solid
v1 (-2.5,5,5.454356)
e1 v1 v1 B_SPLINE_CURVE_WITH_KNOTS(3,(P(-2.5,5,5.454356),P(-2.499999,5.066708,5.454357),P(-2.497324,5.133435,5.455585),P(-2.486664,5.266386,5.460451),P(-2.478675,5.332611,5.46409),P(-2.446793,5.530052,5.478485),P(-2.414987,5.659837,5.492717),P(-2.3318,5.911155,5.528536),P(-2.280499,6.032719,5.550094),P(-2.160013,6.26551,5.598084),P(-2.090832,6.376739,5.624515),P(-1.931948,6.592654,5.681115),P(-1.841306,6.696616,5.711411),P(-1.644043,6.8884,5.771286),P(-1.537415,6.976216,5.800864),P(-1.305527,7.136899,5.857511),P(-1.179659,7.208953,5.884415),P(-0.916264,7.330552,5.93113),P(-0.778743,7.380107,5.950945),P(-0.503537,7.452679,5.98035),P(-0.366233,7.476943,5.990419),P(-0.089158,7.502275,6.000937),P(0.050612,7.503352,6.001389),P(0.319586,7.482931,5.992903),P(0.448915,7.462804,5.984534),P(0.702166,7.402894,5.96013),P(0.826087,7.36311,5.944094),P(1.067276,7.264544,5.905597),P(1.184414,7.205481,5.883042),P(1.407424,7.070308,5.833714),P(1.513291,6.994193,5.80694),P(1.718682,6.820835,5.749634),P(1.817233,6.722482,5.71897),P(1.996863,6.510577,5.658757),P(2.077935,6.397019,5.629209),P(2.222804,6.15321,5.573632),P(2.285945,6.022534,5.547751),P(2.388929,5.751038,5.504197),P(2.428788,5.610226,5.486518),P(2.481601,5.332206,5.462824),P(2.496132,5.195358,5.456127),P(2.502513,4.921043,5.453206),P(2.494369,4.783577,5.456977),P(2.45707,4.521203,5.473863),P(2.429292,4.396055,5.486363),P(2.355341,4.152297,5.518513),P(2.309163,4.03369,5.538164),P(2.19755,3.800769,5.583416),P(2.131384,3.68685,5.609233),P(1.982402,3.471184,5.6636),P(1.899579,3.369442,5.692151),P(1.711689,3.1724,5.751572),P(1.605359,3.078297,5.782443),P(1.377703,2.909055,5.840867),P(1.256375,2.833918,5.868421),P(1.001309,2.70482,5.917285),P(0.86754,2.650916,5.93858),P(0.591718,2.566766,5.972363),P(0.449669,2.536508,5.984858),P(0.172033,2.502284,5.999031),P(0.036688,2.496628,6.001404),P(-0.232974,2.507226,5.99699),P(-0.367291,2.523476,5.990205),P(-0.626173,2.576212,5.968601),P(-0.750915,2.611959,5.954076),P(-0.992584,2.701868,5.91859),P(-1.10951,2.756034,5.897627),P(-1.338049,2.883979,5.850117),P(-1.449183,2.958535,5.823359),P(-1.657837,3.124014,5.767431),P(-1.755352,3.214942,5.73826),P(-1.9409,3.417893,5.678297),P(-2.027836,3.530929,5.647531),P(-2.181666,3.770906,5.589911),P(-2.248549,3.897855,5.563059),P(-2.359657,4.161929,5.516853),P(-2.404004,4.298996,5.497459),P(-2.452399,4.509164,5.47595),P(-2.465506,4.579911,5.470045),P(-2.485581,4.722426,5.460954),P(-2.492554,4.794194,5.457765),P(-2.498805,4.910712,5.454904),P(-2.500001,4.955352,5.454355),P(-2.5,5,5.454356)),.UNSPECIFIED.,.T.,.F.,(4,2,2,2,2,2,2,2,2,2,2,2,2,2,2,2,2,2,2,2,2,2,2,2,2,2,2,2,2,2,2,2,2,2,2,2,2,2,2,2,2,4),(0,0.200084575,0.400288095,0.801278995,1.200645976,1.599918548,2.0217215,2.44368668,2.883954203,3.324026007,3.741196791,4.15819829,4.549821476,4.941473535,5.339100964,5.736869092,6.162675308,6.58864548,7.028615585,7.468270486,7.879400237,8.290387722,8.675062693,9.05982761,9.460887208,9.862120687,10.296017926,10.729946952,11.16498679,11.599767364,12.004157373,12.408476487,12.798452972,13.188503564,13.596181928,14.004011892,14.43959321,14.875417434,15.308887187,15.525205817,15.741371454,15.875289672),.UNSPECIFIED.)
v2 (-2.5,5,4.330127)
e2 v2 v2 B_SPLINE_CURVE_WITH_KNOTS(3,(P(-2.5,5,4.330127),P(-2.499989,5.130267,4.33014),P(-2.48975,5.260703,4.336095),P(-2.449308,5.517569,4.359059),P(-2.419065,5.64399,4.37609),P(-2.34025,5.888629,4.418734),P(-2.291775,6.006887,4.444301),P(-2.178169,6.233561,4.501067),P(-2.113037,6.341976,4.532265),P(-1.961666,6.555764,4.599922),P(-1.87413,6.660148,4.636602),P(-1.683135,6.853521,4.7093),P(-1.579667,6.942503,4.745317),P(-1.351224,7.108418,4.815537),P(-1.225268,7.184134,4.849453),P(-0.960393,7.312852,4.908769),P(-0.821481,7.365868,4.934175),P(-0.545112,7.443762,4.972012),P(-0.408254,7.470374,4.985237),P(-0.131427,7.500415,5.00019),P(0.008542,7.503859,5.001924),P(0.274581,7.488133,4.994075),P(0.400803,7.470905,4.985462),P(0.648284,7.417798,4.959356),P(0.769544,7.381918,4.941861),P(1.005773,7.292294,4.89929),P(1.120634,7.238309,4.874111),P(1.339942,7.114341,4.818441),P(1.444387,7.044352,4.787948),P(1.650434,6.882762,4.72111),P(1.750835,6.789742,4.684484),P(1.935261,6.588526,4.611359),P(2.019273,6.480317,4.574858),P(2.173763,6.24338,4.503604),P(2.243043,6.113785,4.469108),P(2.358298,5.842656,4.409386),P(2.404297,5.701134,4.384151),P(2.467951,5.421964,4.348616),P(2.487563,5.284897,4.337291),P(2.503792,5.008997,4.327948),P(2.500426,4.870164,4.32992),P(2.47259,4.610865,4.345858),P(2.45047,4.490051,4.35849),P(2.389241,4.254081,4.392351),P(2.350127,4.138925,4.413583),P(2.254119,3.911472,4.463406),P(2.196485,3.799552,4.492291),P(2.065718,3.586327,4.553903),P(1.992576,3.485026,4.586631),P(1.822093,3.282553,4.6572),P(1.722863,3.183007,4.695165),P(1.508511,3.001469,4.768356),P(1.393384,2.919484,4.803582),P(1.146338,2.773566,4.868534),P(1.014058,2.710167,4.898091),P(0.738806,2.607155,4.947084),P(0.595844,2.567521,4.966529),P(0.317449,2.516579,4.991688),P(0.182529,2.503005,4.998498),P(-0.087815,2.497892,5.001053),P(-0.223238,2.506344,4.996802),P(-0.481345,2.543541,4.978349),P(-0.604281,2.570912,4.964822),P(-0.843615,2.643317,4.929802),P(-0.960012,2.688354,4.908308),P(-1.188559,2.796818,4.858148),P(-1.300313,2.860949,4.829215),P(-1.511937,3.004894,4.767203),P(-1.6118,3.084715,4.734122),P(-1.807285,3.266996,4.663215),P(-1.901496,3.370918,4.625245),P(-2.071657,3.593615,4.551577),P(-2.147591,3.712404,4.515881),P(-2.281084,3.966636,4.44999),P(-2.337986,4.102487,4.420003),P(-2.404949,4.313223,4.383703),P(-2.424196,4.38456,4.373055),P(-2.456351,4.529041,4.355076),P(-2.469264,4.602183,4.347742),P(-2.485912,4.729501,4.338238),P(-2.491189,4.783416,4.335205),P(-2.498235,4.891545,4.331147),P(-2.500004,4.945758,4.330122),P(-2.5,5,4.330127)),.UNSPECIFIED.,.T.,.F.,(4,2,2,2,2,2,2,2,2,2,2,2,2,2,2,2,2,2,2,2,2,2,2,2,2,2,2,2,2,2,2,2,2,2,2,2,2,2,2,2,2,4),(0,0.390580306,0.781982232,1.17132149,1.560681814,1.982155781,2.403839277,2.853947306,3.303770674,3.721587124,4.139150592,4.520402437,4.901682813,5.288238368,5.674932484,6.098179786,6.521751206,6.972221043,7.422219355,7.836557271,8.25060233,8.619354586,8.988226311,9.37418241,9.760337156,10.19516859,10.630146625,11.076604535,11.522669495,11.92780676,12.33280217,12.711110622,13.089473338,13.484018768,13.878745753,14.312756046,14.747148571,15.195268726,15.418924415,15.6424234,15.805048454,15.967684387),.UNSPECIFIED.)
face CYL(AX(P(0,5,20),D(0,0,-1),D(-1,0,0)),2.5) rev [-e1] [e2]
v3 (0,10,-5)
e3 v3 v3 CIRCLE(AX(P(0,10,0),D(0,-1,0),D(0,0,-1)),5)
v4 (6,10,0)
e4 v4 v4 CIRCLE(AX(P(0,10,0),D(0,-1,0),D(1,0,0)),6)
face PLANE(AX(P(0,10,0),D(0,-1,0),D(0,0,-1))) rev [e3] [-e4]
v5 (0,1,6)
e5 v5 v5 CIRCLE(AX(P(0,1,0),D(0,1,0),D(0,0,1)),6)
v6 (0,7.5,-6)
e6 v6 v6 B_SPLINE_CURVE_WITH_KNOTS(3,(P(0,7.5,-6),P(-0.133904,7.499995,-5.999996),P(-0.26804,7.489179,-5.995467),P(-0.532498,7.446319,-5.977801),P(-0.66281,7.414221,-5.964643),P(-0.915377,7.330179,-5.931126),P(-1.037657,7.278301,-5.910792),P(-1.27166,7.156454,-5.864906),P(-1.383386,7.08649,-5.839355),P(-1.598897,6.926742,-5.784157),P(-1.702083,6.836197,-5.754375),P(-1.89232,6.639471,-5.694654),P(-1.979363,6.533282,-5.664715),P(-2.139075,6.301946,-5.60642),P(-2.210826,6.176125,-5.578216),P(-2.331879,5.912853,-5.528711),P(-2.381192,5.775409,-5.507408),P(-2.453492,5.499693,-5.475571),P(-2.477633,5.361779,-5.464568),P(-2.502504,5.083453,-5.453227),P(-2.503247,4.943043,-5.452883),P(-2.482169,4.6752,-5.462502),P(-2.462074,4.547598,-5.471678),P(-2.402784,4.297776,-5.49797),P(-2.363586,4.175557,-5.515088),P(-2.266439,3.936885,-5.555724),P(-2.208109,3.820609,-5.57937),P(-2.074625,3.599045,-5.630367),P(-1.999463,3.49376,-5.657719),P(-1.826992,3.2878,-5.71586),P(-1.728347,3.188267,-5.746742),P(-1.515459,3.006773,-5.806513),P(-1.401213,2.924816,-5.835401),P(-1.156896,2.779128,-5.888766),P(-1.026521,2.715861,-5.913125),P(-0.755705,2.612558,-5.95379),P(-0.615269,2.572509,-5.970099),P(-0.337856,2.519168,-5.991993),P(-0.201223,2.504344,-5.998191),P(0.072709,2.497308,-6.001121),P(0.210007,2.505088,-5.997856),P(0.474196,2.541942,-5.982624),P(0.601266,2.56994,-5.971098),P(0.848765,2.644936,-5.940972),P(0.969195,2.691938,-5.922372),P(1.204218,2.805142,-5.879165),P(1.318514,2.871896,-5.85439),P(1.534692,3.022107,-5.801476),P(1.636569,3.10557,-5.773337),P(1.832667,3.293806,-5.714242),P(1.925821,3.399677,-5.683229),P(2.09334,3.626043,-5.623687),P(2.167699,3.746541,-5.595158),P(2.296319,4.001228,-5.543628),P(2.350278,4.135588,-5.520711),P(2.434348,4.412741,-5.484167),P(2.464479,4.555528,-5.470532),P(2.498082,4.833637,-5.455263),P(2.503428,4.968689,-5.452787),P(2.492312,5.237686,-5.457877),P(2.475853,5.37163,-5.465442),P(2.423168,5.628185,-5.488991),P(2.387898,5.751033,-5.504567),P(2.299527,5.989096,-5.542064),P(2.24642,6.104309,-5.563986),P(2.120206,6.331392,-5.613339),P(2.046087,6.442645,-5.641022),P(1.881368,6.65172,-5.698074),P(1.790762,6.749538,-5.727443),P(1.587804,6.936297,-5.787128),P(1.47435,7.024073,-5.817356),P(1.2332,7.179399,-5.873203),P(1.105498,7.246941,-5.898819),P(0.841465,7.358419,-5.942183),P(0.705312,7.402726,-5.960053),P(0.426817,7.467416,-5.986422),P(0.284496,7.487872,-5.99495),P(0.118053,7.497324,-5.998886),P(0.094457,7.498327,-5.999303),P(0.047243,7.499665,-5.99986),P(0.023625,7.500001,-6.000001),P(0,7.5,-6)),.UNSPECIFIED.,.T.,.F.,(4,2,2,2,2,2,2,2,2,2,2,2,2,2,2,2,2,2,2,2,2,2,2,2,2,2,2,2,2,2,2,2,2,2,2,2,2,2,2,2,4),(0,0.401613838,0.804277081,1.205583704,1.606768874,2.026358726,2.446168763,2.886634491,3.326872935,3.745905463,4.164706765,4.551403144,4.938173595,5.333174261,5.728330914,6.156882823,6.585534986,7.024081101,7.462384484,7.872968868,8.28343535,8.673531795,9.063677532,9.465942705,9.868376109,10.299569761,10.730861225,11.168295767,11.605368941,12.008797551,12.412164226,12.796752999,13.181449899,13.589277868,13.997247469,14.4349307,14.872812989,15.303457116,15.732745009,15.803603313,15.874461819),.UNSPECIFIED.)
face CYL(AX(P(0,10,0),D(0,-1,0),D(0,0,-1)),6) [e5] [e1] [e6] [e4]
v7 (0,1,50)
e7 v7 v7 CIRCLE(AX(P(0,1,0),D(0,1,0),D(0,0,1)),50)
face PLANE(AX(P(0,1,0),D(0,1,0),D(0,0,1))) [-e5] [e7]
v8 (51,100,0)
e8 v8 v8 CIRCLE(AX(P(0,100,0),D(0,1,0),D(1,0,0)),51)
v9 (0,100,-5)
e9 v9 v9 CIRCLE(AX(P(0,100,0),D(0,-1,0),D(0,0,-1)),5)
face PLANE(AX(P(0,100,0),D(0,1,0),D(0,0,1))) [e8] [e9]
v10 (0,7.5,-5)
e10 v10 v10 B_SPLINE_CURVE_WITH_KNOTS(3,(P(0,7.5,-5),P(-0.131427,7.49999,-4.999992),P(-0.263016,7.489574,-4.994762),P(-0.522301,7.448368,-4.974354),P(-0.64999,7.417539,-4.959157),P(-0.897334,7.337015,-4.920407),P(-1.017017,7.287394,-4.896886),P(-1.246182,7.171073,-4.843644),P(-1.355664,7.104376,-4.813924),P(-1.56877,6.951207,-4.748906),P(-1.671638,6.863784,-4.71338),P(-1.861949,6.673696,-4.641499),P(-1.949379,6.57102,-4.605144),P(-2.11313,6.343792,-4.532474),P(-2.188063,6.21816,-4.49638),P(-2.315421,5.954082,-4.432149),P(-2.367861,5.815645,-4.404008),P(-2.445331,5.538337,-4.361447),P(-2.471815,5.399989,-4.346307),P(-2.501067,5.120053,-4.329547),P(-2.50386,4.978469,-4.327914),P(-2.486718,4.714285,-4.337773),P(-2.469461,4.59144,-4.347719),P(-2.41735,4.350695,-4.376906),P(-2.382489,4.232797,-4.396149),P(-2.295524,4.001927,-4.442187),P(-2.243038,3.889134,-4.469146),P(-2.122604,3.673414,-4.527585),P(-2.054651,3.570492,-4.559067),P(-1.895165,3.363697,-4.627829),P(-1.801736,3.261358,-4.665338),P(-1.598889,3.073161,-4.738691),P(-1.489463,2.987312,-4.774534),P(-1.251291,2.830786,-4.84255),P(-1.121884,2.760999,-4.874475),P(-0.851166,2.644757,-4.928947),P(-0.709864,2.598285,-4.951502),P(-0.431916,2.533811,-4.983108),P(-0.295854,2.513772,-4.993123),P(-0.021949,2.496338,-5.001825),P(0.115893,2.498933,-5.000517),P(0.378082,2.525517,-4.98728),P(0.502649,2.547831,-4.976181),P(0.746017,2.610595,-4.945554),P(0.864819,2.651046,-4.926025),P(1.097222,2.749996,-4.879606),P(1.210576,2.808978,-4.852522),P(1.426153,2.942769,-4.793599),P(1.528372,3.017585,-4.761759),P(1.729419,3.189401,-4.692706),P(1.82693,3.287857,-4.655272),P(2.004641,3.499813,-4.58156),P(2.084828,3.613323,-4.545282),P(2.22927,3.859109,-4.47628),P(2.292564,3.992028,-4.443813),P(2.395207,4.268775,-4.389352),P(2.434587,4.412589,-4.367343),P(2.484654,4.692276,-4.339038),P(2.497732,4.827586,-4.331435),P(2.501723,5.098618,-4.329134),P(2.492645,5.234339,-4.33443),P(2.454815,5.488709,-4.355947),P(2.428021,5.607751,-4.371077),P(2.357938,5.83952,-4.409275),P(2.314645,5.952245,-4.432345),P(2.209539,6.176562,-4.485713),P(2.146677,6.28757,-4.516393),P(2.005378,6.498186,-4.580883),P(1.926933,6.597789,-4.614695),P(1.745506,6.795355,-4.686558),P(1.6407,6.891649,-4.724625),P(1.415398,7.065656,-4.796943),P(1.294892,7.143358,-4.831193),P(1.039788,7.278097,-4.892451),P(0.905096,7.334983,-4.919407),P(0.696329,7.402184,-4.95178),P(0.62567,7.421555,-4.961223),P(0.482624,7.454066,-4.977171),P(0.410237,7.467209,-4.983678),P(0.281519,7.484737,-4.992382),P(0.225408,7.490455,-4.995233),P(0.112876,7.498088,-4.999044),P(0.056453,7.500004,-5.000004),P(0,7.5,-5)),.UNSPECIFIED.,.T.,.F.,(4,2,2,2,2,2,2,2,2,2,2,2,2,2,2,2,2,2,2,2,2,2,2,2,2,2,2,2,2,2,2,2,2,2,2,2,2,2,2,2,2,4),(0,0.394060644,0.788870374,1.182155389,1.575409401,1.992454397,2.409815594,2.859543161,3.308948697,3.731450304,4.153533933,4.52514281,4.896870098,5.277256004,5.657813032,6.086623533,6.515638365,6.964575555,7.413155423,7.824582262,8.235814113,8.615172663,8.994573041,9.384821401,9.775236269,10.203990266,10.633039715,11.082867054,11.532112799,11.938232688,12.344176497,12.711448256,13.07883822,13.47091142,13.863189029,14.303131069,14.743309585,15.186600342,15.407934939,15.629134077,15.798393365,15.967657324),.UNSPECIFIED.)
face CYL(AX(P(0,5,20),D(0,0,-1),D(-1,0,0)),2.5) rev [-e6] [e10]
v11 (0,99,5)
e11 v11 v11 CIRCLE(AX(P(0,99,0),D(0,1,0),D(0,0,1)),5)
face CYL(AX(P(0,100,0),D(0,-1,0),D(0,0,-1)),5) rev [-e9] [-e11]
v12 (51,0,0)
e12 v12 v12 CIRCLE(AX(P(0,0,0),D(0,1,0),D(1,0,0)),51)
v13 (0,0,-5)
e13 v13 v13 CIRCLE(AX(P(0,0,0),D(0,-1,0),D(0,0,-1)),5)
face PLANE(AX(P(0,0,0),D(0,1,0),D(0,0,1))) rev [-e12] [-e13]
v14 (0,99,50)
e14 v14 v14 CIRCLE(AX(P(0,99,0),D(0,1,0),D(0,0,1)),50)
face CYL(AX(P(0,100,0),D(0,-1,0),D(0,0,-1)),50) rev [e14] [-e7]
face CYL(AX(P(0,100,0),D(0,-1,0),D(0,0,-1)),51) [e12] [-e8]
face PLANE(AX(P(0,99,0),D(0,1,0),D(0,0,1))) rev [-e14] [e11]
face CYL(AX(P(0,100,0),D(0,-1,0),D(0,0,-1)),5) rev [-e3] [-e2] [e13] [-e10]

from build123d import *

# Parameters (mm, degrees)
SKETCH1_R               = 51
SKETCH1_R_2             = 50
EXTRUDE_THIN1_DEPTH     = 100
SKETCH1_2_R             = 50
BOSS_EXTRUDE1_DEPTH     = 1
LPATTERN1_COUNT         = 2
LPATTERN1_PITCH         = 99
SKETCH3_R               = 5
CUT_EXTRUDE1_DEPTH      = 124.296390864
SKETCH3_2_R             = 6
SKETCH3_2_R_2           = 5
EXTRUDE_THIN2_DEPTH     = 10
CUT_EXTRUDE2_DEPTH      = 20
CUT_EXTRUDE2_DEPTH_BACK = 20
SKETCH5_R               = 2.5


with BuildPart() as part:
    # Sketch1 → Extrude-Thin1 (new body)
    with BuildSketch(Plane(origin=(0, 0, 0), x_dir=(1, 0, 0), z_dir=(0, 1, 0))):
        Circle(SKETCH1_R)
        Circle(SKETCH1_R_2, mode=Mode.SUBTRACT)
    extrude(amount=EXTRUDE_THIN1_DEPTH)

    # Sketch1<2> → Boss-Extrude1 (add)
    with BuildSketch(Plane(origin=(0, 0, 0), x_dir=(1, 0, 0), z_dir=(0, 1, 0))):
        Circle(SKETCH1_2_R)
    boss_extrude1 = extrude(amount=BOSS_EXTRUDE1_DEPTH)

    # LPattern1: Boss-Extrude1 ×2
    with Locations(*[(0, i * LPATTERN1_PITCH, 0) for i in range(1, LPATTERN1_COUNT)]):
        add(boss_extrude1)

    # Sketch3 → Cut-Extrude1 (cut, through all)
    with BuildSketch(Plane.XZ):
        Circle(SKETCH3_R)
    extrude(amount=-CUT_EXTRUDE1_DEPTH, mode=Mode.SUBTRACT)

    # Sketch3<2> → Extrude-Thin2 (add)
    with BuildSketch(Plane.XZ):
        Circle(SKETCH3_2_R)
        Circle(SKETCH3_2_R_2, mode=Mode.SUBTRACT)
    extrude(amount=-EXTRUDE_THIN2_DEPTH)

    # Sketch5 → Cut-Extrude2 (cut, two sides: drawn at the far end of the back side and taken through both)
    with BuildSketch(Plane.XY.offset(-CUT_EXTRUDE2_DEPTH_BACK)):
        with Locations((0, 5)):
            Circle(SKETCH5_R)
    extrude(amount=CUT_EXTRUDE2_DEPTH + CUT_EXTRUDE2_DEPTH_BACK, mode=Mode.SUBTRACT)


solid = part.part
